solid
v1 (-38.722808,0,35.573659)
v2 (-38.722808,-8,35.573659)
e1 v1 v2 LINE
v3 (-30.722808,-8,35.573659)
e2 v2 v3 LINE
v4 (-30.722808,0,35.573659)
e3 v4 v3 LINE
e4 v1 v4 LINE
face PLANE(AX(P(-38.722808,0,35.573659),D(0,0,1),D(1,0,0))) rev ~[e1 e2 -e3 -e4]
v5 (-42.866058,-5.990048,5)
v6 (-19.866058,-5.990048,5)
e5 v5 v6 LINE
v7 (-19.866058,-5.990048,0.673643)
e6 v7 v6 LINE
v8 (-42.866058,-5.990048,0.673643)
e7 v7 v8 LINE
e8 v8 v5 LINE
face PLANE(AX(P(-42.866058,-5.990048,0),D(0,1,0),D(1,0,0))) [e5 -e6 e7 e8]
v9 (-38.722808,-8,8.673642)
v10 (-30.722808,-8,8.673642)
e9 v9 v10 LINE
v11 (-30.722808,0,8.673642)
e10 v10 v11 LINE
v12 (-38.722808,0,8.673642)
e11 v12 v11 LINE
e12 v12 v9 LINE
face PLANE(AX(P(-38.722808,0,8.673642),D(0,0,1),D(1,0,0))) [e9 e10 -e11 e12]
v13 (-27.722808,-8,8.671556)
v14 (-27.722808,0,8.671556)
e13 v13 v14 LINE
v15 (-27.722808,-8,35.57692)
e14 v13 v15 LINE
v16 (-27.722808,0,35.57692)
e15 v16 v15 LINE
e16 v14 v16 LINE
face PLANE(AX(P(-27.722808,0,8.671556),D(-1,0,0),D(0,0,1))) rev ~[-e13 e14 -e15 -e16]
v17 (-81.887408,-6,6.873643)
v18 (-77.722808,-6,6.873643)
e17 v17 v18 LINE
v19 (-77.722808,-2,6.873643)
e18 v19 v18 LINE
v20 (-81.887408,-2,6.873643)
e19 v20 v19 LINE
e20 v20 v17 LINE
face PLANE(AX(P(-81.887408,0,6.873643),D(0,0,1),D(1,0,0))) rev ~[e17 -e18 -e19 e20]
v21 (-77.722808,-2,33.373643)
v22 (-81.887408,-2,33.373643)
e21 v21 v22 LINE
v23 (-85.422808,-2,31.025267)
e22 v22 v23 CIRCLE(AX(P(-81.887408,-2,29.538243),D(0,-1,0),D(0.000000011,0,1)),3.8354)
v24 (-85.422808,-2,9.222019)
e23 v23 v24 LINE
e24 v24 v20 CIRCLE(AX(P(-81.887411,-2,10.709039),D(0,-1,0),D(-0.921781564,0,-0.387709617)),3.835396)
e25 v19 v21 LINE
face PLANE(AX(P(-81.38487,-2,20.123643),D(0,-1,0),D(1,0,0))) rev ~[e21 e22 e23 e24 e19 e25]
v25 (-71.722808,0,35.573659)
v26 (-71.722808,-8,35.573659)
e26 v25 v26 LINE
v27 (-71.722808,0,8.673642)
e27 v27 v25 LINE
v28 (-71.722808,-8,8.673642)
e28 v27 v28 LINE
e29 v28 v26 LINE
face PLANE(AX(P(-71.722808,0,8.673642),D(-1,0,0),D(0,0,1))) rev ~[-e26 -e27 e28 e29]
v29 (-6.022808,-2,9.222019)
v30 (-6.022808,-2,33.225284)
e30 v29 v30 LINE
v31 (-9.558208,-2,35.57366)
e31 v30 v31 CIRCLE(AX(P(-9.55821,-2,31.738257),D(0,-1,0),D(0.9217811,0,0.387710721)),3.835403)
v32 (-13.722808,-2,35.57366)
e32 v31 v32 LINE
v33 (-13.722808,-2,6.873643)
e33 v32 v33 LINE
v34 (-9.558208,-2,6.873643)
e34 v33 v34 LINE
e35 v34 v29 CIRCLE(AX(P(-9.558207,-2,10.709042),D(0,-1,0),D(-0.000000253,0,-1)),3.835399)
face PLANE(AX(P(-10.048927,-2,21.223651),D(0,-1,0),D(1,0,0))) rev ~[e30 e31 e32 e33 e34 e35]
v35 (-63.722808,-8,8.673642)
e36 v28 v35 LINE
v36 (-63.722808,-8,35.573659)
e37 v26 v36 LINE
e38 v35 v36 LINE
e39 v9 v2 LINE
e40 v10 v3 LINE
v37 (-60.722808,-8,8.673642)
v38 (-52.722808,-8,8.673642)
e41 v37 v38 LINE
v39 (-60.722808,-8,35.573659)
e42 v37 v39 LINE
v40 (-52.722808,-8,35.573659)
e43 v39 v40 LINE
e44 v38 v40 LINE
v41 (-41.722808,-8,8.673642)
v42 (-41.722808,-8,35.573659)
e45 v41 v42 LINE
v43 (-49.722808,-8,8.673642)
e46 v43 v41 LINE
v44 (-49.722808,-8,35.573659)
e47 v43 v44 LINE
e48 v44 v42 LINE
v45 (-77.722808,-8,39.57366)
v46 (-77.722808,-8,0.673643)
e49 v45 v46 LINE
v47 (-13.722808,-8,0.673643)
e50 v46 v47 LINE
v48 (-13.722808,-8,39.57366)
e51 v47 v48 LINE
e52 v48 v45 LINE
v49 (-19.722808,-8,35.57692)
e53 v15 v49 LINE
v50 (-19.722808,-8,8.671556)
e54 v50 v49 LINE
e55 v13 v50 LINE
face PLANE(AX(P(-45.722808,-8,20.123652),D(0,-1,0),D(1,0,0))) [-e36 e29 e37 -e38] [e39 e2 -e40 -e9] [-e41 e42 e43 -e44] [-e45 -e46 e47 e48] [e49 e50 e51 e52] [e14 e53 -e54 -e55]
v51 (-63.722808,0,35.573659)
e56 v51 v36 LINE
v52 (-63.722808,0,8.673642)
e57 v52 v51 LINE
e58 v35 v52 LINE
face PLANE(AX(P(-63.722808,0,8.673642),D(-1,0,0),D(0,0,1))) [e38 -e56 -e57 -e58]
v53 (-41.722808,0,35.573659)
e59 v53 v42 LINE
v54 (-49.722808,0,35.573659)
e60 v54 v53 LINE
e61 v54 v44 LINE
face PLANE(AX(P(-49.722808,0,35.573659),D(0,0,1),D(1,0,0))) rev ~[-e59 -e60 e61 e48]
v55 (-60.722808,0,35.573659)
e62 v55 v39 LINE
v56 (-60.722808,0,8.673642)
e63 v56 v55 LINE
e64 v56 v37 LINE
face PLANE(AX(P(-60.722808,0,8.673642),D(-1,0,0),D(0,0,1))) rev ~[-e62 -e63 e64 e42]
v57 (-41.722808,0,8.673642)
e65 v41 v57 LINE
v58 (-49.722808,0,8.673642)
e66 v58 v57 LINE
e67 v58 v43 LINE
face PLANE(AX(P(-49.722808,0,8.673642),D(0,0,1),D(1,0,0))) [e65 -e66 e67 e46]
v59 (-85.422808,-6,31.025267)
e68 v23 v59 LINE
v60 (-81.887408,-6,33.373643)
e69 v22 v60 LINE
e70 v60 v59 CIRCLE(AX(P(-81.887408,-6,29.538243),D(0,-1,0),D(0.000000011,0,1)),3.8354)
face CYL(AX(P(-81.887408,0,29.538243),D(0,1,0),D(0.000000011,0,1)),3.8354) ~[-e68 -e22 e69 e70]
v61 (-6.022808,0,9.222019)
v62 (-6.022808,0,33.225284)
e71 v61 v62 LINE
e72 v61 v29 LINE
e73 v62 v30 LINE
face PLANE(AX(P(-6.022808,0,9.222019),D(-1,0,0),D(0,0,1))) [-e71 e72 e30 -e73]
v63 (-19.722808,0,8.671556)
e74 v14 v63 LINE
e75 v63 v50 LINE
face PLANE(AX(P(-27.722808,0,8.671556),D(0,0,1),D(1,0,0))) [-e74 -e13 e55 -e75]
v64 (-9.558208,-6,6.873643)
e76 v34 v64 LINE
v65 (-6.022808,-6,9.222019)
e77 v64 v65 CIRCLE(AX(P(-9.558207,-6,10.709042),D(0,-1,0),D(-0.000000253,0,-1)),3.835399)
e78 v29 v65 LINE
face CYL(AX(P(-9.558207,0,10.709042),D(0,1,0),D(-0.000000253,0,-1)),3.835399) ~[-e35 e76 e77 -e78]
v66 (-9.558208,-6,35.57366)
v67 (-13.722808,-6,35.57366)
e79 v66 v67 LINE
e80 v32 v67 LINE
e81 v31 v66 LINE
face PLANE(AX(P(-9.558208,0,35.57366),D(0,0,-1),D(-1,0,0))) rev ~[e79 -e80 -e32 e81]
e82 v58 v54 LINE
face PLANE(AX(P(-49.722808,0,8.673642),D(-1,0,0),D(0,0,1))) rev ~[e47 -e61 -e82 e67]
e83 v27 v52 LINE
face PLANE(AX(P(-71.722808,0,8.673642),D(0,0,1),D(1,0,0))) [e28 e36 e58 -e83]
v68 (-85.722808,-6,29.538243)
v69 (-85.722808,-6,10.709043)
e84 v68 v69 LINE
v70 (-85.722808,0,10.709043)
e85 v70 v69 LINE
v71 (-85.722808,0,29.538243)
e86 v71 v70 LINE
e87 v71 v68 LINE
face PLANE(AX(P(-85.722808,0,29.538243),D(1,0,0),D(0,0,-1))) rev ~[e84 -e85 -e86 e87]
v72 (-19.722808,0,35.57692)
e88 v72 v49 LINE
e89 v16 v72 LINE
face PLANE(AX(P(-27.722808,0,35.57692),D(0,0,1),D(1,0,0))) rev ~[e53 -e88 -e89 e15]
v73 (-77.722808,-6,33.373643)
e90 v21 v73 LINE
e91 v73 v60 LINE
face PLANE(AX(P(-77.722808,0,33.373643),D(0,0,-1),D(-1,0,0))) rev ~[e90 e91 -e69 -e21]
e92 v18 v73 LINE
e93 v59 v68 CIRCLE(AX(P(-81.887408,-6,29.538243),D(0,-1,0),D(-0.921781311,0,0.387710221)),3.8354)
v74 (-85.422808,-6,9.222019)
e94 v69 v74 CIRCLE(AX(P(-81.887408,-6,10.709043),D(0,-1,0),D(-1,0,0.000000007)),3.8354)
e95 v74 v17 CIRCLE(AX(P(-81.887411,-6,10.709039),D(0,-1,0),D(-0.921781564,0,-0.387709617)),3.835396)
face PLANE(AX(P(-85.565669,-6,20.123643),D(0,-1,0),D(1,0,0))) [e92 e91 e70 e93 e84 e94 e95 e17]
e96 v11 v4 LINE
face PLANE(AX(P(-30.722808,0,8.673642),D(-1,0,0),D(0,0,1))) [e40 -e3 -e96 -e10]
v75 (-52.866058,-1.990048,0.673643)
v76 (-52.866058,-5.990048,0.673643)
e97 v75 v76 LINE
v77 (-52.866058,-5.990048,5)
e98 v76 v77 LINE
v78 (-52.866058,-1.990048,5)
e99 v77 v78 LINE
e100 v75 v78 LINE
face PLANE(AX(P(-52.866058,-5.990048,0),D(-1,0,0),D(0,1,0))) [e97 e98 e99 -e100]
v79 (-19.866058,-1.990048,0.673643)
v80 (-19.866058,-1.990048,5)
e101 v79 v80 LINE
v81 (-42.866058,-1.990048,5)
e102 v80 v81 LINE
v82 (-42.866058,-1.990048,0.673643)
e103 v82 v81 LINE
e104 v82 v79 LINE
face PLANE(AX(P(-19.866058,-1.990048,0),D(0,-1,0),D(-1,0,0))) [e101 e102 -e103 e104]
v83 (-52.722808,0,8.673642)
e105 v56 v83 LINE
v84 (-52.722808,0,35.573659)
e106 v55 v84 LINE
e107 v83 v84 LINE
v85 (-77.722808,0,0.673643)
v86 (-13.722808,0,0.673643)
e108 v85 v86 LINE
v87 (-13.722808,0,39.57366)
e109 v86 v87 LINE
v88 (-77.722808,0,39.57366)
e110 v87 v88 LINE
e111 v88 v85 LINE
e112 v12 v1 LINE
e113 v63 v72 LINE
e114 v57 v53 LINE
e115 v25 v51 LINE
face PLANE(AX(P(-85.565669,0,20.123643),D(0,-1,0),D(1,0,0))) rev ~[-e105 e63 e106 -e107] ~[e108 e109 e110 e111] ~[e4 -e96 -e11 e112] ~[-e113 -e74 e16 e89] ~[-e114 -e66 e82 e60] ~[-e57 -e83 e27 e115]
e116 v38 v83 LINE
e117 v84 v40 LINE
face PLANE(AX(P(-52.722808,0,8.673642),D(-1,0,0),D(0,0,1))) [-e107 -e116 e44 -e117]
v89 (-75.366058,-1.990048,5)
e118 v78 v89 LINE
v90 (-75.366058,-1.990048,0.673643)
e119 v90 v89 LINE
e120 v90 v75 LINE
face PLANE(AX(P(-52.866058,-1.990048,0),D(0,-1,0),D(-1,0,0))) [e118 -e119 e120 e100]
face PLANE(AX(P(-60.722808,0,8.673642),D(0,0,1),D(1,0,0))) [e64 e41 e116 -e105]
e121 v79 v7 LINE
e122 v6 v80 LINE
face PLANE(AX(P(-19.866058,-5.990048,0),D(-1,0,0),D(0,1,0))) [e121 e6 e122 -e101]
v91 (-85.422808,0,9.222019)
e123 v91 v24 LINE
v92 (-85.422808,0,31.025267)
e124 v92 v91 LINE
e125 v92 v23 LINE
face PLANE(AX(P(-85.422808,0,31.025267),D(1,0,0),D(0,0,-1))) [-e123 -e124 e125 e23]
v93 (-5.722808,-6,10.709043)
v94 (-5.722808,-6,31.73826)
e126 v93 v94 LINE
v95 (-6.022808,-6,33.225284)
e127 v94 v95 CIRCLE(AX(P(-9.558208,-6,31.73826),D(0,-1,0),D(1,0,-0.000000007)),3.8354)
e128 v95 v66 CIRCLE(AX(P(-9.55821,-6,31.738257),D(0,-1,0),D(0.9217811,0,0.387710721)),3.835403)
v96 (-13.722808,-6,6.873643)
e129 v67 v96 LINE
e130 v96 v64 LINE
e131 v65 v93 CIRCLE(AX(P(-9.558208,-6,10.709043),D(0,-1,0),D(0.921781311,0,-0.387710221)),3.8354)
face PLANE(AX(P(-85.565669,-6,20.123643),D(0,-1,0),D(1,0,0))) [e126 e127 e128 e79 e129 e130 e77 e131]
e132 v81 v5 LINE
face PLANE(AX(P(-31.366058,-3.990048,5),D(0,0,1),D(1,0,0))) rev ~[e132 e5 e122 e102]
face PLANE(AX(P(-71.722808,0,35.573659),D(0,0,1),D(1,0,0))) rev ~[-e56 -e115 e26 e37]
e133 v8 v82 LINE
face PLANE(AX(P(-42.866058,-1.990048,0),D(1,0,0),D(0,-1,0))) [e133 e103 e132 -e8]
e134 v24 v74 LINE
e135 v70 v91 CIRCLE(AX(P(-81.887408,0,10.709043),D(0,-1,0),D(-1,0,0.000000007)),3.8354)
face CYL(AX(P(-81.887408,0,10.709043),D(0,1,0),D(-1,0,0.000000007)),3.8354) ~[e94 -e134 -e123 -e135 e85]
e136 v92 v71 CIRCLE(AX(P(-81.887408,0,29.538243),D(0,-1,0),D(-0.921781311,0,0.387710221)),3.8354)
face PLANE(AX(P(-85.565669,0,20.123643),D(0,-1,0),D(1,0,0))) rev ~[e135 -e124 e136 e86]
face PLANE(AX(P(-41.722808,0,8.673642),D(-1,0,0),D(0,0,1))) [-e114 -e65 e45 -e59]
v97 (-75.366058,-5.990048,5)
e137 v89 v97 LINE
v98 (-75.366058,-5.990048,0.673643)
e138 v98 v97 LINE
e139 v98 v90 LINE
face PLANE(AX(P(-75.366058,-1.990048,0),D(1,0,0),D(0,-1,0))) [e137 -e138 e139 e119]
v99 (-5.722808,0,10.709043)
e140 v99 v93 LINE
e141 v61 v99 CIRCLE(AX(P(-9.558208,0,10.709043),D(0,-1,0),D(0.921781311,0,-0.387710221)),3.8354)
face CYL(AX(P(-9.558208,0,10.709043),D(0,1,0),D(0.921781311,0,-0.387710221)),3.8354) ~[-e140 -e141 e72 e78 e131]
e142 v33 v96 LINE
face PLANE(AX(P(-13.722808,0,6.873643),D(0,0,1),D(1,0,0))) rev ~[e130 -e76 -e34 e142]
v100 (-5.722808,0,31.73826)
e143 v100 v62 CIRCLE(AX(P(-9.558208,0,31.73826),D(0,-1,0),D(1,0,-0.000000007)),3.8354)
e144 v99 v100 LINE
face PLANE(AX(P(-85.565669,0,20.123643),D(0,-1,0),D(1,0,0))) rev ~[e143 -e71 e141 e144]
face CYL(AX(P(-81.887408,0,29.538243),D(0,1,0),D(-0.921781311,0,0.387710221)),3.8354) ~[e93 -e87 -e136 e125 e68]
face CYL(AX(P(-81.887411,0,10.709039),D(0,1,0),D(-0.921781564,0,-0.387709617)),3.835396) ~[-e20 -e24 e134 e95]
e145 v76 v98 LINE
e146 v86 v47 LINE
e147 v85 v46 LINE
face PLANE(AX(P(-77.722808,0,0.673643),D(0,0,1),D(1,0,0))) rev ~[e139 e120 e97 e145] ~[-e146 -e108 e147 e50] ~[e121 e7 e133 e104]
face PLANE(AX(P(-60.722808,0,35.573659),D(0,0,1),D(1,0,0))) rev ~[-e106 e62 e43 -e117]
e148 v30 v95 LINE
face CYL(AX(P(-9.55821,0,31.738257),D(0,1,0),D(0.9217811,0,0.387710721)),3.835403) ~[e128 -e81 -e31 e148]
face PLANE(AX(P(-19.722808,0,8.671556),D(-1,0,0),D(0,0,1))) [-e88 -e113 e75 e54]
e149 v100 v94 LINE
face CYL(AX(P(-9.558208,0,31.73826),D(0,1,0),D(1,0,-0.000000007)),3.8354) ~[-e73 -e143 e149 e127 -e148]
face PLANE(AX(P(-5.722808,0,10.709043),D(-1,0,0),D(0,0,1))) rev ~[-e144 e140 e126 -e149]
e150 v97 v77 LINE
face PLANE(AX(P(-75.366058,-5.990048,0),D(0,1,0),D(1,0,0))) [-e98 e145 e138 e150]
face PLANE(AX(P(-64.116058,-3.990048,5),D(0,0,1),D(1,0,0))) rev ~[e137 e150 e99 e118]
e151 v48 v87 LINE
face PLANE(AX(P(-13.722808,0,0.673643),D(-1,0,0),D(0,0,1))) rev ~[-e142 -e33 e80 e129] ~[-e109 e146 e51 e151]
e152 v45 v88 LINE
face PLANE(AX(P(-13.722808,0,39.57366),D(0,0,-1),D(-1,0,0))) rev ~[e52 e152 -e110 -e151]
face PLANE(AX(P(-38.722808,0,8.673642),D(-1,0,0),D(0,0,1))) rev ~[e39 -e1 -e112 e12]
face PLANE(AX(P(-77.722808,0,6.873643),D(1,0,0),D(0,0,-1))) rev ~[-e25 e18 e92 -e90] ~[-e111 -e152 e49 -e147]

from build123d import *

# Parameters (mm, degrees)
F0_W     = 8
F0_H     = 26.900017
F0_H_2   = 26.905365
F1_DEPTH = 6
F2_DEPTH = 2
F3_DEPTH = 8
F4_W     = 23
F4_H     = 4
F4_W_2   = 22.5
F5_DEPTH = 5


with BuildPart() as f1:
    # F0 (on Front) → F1 (new body)
    with BuildSketch(Plane.XZ):
        with BuildLine():
            Line((-85.422808, 9.222019), (-85.422808, 31.025267))
            ThreePointArc((-85.422808, 31.025267), (-85.64706, 30.296735), (-85.722808, 29.538243))
            Line((-85.722808, 29.538243), (-85.722808, 10.709043))
            ThreePointArc((-85.722808, 10.709043), (-85.64706, 9.950551), (-85.422808, 9.222019))
        make_face()
        with BuildLine():
            ThreePointArc((-5.722808, 31.73826), (-5.798556, 32.496752), (-6.022808, 33.225284))
            Line((-6.022808, 33.225284), (-6.022808, 9.222019))
            ThreePointArc((-6.022808, 9.222019), (-5.798556, 9.950551), (-5.722808, 10.709043))
            Line((-5.722808, 10.709043), (-5.722808, 31.73826))
        make_face()
        with BuildLine():
            Line((-9.558208, 35.57366), (-13.722808, 35.57366))
            Line((-13.722808, 35.57366), (-13.722808, 8.673643))
            Line((-13.722808, 8.673643), (-13.722808, 6.873643))
            Line((-13.722808, 6.873643), (-9.558208, 6.873643))
            ThreePointArc((-9.558208, 6.873643), (-7.436068, 7.514232), (-6.022808, 9.222019))
            Line((-6.022808, 9.222019), (-6.022808, 33.225284))
            ThreePointArc((-6.022808, 33.225284), (-7.436068, 34.93307), (-9.558208, 35.57366))
        make_face()
        Polygon((-71.722808, 39.57366), (-77.722808, 39.57366), (-77.722808, 35.57366), (-77.722808, 33.373643), (-77.722808, 15.555412), (-77.722808, 8.673643), (-77.722808, 6.873643), (-77.722808, 0.673643), (-71.722808, 0.673643), (-13.722808, 0.673643), (-13.722808, 6.873643), (-13.722808, 8.673643), (-13.722808, 35.57366), (-13.722808, 39.57366), (-21.722808, 39.57366), align=None)
        with Locations((-67.722808, 22.123651)):
            Rectangle(F0_W, F0_H, mode=Mode.SUBTRACT)
        with Locations((-56.722808, 22.123651)):
            Rectangle(F0_W, F0_H, mode=Mode.SUBTRACT)
        with Locations((-45.722808, 22.123651)):
            Rectangle(F0_W, F0_H, mode=Mode.SUBTRACT)
        with Locations((-34.722808, 22.123651)):
            Rectangle(F0_W, F0_H, mode=Mode.SUBTRACT)
        with Locations((-23.722808, 22.124238)):
            Rectangle(F0_W, F0_H_2, mode=Mode.SUBTRACT)
        with BuildLine():
            Line((-77.722808, 15.555412), (-77.722808, 33.373643))
            Line((-77.722808, 33.373643), (-81.887408, 33.373643))
            ThreePointArc((-81.887408, 33.373643), (-84.009549, 32.733053), (-85.422808, 31.025267))
            Line((-85.422808, 31.025267), (-85.422808, 9.222019))
            ThreePointArc((-85.422808, 9.222019), (-84.009549, 7.514232), (-81.887408, 6.873643))
            Line((-81.887408, 6.873643), (-77.722808, 6.873643))
            Line((-77.722808, 6.873643), (-77.722808, 8.673643))
            Line((-77.722808, 8.673643), (-77.722808, 15.555412))
        make_face()
    extrude(amount=F1_DEPTH)

    # F0 (on Front) → F2 (cut)
    with BuildSketch(Plane.XZ):
        with BuildLine():
            Line((-77.722808, 15.555412), (-77.722808, 33.373643))
            Line((-77.722808, 33.373643), (-81.887408, 33.373643))
            ThreePointArc((-81.887408, 33.373643), (-84.009549, 32.733053), (-85.422808, 31.025267))
            Line((-85.422808, 31.025267), (-85.422808, 9.222019))
            ThreePointArc((-85.422808, 9.222019), (-84.009549, 7.514232), (-81.887408, 6.873643))
            Line((-81.887408, 6.873643), (-77.722808, 6.873643))
            Line((-77.722808, 6.873643), (-77.722808, 8.673643))
            Line((-77.722808, 8.673643), (-77.722808, 15.555412))
        make_face()
        with BuildLine():
            Line((-9.558208, 35.57366), (-13.722808, 35.57366))
            Line((-13.722808, 35.57366), (-13.722808, 8.673643))
            Line((-13.722808, 8.673643), (-13.722808, 6.873643))
            Line((-13.722808, 6.873643), (-9.558208, 6.873643))
            ThreePointArc((-9.558208, 6.873643), (-7.436068, 7.514232), (-6.022808, 9.222019))
            Line((-6.022808, 9.222019), (-6.022808, 33.225284))
            ThreePointArc((-6.022808, 33.225284), (-7.436068, 34.93307), (-9.558208, 35.57366))
        make_face()
    extrude(amount=F2_DEPTH, mode=Mode.SUBTRACT)

    # F0 (on Front) → F3 (join)
    with BuildSketch(Plane.XZ):
        Polygon((-71.722808, 39.57366), (-77.722808, 39.57366), (-77.722808, 35.57366), (-77.722808, 33.373643), (-77.722808, 15.555412), (-77.722808, 8.673643), (-77.722808, 6.873643), (-77.722808, 0.673643), (-71.722808, 0.673643), (-13.722808, 0.673643), (-13.722808, 6.873643), (-13.722808, 8.673643), (-13.722808, 35.57366), (-13.722808, 39.57366), (-21.722808, 39.57366), align=None)
        with Locations((-67.722808, 22.123651)):
            Rectangle(F0_W, F0_H, mode=Mode.SUBTRACT)
        with Locations((-56.722808, 22.123651)):
            Rectangle(F0_W, F0_H, mode=Mode.SUBTRACT)
        with Locations((-45.722808, 22.123651)):
            Rectangle(F0_W, F0_H, mode=Mode.SUBTRACT)
        with Locations((-34.722808, 22.123651)):
            Rectangle(F0_W, F0_H, mode=Mode.SUBTRACT)
        with Locations((-23.722808, 22.124238)):
            Rectangle(F0_W, F0_H_2, mode=Mode.SUBTRACT)
    extrude(amount=F3_DEPTH)

    # F4 (on Top) → F5 (cut)
    with BuildSketch(Plane.XY):
        Polygon((-75.366058, -1.990048), (-75.366058, -5.990048), (-52.866058, -5.990048), (-52.866058, -3.990048), (-52.866058, -1.990048), align=None)
        Polygon((-42.866058, -1.990048), (-42.866058, -5.990048), (-19.866058, -5.990048), (-19.866058, -3.990048), (-19.866058, -1.990048), align=None)
        with Locations((23.633942, -3.990048)):
            Rectangle(F4_W, F4_H)
        with Locations((56.383942, -3.990048)):
            Rectangle(F4_W_2, F4_H)
    extrude(amount=F5_DEPTH, mode=Mode.SUBTRACT)


solid = f1.part
